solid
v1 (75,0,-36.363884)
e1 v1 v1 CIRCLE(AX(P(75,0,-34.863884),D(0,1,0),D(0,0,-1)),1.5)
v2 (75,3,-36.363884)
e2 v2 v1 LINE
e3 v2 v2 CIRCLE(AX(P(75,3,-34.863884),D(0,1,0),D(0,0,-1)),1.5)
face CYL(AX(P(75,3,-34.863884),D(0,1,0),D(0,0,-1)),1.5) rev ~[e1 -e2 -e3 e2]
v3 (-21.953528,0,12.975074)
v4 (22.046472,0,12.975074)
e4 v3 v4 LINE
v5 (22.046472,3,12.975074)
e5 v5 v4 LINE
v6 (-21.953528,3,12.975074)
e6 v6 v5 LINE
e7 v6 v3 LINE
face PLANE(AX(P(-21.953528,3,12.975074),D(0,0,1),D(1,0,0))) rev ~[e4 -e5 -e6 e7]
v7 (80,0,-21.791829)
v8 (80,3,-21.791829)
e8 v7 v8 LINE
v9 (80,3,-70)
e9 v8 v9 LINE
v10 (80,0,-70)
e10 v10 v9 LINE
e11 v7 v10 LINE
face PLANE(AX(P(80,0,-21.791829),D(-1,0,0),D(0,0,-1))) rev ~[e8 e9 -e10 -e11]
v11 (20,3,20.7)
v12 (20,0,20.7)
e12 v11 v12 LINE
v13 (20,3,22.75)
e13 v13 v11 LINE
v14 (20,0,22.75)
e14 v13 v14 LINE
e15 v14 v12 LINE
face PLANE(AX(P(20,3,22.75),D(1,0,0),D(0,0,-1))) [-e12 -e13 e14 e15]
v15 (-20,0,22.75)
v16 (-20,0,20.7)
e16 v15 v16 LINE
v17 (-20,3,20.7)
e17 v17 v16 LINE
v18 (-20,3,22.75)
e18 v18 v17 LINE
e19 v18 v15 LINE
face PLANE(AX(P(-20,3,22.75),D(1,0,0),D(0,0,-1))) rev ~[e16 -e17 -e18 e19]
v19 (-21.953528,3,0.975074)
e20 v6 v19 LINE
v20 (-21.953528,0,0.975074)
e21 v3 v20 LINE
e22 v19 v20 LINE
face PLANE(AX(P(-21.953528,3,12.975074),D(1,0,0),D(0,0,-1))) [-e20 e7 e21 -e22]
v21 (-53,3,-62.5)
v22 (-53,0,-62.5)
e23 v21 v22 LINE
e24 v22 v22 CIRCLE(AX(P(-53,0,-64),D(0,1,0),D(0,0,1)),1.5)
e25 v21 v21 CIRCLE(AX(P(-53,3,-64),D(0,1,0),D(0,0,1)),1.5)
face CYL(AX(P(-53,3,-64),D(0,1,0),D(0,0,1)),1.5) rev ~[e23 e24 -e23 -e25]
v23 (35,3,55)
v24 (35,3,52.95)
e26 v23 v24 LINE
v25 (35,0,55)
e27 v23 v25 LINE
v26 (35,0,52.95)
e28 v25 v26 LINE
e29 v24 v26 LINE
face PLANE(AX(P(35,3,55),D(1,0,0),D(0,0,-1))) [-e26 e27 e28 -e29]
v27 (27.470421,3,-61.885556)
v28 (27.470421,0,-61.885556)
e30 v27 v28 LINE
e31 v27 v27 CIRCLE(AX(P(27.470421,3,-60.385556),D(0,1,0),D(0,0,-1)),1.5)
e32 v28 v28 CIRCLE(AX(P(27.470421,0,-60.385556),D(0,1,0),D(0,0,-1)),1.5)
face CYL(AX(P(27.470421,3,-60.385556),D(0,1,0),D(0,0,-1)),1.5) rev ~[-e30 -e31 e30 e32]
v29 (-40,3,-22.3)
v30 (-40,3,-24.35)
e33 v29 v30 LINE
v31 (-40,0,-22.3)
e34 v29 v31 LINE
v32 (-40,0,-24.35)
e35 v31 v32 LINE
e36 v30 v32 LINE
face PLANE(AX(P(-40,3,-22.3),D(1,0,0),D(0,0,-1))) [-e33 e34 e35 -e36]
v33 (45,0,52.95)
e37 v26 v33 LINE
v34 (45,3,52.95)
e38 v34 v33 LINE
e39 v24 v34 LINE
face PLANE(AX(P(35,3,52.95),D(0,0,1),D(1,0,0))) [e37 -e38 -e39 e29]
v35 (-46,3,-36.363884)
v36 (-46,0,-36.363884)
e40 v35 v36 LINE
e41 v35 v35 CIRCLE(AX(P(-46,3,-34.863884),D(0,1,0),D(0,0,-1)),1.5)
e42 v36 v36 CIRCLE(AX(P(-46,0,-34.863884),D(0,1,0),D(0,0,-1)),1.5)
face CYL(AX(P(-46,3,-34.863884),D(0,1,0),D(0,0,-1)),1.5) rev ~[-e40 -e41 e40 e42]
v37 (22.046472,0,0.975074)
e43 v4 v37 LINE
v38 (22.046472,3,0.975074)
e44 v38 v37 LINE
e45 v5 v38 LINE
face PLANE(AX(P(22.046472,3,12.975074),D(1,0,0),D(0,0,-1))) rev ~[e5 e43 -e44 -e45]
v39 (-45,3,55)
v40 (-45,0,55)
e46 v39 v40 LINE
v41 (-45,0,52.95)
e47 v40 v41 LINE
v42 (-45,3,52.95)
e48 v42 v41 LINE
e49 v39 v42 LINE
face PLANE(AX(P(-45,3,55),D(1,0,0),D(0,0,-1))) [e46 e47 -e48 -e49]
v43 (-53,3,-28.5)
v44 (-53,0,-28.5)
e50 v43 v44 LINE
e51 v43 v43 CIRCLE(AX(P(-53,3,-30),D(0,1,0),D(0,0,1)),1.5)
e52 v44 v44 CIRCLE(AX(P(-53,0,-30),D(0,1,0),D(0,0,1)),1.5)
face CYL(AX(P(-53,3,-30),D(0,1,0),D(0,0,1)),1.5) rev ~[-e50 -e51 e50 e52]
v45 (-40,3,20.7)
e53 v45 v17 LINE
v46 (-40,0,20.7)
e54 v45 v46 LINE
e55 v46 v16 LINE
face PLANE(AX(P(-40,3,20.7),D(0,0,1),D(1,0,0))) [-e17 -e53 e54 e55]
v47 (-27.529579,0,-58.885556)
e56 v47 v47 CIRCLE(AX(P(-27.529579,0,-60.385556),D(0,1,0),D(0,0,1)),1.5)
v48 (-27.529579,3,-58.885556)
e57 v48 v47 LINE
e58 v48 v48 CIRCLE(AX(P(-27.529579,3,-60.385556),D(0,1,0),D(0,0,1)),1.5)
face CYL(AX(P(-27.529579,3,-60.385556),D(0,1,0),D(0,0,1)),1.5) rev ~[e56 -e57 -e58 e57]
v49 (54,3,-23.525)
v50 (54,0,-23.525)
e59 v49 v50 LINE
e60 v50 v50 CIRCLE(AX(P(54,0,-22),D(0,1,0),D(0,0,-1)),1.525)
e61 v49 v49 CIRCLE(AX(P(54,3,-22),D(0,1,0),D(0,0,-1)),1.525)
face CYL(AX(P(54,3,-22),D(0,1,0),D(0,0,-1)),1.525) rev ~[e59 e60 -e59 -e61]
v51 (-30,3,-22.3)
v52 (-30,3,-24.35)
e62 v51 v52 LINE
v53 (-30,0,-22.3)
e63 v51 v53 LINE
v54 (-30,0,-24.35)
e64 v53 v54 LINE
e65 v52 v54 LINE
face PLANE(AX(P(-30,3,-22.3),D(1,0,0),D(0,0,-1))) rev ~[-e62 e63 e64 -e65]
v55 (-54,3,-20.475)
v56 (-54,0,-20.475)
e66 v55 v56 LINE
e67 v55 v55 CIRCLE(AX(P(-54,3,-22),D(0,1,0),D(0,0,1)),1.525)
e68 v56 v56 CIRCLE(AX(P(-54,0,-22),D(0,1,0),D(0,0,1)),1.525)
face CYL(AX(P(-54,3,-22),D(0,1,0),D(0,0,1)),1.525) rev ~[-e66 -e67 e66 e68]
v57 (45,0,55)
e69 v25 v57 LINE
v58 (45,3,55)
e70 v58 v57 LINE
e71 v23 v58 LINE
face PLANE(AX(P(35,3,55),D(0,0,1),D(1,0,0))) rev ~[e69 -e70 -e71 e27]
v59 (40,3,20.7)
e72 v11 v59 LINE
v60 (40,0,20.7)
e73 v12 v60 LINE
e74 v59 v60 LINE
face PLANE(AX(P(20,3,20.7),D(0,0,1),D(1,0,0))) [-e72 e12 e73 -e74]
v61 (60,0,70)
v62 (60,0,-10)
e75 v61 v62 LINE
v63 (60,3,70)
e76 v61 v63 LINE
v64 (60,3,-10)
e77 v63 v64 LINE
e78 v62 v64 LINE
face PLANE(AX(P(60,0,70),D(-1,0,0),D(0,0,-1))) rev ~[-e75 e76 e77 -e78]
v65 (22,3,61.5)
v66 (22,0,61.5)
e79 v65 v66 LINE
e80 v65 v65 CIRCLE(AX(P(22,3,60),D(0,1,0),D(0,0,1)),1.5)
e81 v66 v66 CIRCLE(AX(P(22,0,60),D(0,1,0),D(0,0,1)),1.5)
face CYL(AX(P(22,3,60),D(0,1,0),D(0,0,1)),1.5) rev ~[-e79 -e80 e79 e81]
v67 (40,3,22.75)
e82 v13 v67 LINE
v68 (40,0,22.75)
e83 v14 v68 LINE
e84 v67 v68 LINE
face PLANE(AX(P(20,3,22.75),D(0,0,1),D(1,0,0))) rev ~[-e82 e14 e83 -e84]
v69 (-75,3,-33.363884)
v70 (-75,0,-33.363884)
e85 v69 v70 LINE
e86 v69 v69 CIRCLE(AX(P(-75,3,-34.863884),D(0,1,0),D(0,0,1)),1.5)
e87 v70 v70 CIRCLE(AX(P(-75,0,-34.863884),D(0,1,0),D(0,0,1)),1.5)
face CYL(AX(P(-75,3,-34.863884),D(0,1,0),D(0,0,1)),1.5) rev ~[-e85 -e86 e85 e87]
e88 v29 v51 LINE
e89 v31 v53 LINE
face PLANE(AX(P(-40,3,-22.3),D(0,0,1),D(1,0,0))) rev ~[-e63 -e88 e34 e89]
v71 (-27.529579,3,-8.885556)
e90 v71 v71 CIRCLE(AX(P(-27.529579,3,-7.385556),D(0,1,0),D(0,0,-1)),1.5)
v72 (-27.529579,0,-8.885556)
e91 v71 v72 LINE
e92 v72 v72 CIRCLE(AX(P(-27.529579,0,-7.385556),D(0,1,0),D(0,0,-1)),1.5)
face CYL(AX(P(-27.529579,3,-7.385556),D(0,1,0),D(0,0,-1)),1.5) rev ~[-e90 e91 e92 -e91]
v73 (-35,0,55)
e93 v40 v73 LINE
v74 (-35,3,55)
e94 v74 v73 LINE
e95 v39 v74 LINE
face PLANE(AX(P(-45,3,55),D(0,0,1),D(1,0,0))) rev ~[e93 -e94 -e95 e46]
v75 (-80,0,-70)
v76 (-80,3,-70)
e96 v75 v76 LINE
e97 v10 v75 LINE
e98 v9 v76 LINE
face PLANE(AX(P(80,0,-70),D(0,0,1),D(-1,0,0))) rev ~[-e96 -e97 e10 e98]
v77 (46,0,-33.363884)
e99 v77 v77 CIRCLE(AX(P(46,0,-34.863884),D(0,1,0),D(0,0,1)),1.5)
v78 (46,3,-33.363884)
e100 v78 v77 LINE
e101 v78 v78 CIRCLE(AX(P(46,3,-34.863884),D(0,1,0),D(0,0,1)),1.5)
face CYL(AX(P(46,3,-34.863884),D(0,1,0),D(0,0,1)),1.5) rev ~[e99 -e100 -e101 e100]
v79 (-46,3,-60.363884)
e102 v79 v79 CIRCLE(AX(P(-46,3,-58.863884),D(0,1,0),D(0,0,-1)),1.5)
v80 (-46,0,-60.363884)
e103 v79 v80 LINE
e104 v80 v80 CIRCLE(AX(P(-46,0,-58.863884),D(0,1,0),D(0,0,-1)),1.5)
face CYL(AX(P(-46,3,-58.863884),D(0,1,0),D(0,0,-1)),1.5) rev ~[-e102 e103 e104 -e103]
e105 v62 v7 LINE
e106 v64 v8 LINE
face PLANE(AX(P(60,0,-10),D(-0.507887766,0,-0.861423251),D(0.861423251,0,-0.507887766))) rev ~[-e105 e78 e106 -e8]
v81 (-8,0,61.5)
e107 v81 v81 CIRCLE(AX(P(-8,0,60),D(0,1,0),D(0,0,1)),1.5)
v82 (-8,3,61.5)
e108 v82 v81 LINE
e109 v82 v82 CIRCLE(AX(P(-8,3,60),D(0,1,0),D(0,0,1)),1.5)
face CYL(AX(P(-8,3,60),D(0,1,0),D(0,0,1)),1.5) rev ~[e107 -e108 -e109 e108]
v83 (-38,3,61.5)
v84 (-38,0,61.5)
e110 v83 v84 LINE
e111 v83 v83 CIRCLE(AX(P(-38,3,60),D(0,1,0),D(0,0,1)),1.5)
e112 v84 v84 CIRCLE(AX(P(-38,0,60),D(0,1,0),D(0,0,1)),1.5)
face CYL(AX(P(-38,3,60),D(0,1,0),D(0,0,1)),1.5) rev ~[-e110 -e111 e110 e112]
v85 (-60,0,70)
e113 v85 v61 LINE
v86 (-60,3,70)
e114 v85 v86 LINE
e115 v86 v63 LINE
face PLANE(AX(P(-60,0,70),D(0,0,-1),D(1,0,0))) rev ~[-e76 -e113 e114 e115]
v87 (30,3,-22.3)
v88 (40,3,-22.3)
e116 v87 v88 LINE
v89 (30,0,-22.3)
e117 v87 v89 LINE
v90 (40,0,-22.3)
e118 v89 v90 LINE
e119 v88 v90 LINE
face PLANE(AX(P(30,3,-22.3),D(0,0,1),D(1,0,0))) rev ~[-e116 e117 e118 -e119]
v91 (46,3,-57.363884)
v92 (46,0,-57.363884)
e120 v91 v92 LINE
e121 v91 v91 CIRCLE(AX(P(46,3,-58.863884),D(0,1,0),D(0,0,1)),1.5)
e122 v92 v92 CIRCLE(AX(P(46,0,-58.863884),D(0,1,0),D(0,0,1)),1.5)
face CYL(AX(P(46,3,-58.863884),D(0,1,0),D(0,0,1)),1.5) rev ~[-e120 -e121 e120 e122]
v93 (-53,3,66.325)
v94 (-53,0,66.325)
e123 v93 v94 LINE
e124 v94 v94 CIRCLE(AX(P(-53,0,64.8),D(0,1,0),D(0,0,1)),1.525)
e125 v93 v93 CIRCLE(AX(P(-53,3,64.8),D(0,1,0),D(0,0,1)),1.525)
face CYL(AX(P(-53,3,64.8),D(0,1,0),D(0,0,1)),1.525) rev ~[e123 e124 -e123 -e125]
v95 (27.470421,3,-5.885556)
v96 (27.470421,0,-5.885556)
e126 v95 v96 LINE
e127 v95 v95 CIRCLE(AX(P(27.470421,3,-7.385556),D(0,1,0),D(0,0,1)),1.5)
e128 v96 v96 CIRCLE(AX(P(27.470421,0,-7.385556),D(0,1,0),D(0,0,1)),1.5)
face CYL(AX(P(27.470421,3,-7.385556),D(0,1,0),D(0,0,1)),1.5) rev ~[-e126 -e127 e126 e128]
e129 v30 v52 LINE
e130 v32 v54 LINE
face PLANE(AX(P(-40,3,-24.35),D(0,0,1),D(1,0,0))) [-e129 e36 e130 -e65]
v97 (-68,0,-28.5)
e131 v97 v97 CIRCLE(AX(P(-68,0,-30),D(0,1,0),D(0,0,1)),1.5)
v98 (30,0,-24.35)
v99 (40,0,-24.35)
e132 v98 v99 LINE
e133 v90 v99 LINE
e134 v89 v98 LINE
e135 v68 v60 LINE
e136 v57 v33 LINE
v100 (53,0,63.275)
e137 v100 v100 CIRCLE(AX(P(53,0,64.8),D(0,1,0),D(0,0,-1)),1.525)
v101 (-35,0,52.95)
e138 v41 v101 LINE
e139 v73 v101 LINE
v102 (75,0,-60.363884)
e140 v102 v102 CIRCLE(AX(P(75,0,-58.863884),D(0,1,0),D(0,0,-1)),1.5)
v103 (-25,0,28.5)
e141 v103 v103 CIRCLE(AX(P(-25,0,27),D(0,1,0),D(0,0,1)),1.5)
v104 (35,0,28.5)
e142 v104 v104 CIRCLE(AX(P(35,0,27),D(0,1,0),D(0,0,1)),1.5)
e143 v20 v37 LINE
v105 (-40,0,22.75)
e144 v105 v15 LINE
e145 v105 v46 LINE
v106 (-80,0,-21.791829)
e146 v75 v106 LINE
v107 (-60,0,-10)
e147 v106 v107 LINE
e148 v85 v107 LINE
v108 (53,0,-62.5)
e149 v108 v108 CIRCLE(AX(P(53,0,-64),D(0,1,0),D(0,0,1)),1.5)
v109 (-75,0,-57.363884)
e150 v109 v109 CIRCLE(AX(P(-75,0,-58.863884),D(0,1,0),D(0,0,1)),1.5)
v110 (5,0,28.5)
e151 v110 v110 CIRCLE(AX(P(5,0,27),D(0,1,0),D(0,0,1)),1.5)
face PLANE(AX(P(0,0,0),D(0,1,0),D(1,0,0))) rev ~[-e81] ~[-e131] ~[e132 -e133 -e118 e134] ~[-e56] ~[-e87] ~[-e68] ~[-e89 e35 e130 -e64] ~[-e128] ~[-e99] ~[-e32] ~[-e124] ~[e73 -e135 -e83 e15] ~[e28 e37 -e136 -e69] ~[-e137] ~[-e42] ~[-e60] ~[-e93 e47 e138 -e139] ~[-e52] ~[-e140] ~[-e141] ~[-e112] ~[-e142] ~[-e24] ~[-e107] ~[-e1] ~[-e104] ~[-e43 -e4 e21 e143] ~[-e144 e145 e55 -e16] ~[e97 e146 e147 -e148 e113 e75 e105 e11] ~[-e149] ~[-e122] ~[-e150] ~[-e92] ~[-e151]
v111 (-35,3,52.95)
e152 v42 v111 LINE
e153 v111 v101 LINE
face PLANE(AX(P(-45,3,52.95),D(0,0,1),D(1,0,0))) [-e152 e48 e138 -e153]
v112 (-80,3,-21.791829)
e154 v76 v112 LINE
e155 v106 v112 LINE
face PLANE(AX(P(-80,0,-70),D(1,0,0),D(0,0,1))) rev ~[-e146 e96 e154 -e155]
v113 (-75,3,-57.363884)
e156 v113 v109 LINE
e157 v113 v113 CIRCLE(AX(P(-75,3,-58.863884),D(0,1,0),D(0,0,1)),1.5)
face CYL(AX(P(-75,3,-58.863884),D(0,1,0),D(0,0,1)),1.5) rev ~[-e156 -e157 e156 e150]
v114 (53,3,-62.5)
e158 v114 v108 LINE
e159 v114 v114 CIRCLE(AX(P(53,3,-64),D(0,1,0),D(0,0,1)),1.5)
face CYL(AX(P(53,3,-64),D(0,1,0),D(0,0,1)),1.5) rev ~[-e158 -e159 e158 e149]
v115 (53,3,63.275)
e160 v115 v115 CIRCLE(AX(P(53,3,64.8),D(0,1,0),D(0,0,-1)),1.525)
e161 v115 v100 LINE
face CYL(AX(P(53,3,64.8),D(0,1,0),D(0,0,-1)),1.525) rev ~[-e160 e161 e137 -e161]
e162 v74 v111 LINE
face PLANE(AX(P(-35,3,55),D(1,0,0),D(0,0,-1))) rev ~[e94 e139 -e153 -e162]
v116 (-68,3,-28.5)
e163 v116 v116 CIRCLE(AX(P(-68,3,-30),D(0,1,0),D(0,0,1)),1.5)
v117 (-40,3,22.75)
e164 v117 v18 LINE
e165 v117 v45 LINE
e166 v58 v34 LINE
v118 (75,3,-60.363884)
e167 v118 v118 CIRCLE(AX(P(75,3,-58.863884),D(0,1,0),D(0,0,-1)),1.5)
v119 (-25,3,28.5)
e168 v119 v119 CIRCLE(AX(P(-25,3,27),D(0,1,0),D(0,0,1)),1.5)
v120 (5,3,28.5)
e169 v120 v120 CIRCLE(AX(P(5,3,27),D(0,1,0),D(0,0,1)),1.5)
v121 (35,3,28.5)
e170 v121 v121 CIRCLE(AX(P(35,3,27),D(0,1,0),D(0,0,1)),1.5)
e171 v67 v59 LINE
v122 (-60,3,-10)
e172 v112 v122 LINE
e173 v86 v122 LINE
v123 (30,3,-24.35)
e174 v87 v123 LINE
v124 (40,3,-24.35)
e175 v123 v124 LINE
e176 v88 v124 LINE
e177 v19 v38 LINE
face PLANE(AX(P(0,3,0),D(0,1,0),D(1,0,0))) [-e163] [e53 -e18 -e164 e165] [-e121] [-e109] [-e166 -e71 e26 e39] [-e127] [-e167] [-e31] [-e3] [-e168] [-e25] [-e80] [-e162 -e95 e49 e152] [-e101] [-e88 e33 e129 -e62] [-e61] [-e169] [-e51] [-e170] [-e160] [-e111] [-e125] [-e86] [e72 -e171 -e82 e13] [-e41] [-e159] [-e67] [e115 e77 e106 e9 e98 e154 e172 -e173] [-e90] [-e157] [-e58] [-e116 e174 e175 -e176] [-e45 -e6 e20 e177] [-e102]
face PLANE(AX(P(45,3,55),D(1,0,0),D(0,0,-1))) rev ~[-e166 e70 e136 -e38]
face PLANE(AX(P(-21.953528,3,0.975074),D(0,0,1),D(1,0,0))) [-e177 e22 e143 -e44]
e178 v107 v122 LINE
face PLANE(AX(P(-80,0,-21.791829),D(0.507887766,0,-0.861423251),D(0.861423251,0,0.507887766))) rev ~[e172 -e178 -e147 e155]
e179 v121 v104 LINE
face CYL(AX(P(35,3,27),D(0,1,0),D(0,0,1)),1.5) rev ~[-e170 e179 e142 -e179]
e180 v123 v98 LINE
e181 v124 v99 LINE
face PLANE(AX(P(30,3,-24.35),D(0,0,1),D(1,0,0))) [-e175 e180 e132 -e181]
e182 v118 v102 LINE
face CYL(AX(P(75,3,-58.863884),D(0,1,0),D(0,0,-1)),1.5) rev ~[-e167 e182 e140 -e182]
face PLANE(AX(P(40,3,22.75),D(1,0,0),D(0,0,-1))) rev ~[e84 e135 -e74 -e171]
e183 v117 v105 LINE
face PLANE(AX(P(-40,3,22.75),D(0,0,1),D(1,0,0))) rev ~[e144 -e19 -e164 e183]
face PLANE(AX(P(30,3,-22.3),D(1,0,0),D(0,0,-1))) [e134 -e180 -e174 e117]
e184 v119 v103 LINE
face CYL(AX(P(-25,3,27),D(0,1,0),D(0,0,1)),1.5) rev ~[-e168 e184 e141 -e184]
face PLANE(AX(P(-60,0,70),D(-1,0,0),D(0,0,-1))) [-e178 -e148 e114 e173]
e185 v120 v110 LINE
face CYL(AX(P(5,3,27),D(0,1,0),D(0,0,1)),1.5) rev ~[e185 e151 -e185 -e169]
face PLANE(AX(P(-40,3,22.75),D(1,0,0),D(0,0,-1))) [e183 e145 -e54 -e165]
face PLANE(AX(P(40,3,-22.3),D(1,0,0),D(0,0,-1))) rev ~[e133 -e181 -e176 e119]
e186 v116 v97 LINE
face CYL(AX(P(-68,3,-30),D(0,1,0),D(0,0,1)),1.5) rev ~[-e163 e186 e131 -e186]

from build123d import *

# Parameters (mm, degrees)
SKETCH1_W           = 120
SKETCH1_H           = 140
BOSS_EXTRUDE1_DEPTH = 3
SKETCH2_R           = 1.5
CUT_EXTRUDE1_DEPTH  = 107.343782141
SKETCH3_2_R         = 1.5
CUT_EXTRUDE3_DEPTH  = 107.343782141
SKETCH3_R           = 1.5
CUT_EXTRUDE2_DEPTH  = 107.343782141
SKETCH4_R           = 1.5
CUT_EXTRUDE4_DEPTH  = 107.343782141
SKETCH5_R           = 1.5
CUT_EXTRUDE5_DEPTH  = 3
SKETCH6_R           = 1.525
SKETCH6_W           = 10
SKETCH6_H           = 2.05
SKETCH6_W_2         = 20
CUT_EXTRUDE7_DEPTH  = 107.343782141
SKETCH9_R           = 1.525
CUT_EXTRUDE8_DEPTH  = 3
SKETCH10_W          = 44
SKETCH10_H          = 12
CUT_EXTRUDE9_DEPTH  = 5
SKETCH11_R          = 1.5
CUT_EXTRUDE10_DEPTH = 5


with BuildPart() as part:
    # Sketch1 → Boss-Extrude1 (new body)
    with BuildSketch(Plane(origin=(0, 0, 0), x_dir=(1, 0, 0), z_dir=(0, 1, 0))):
        Rectangle(SKETCH1_W, SKETCH1_H)
        Polygon((-80, 21.791828604), (-60, 10), (-60, 70), (-80, 70), align=None)
        Polygon((80, 70), (60, 70), (60, 10), (80, 21.791828604), align=None)
    extrude(amount=BOSS_EXTRUDE1_DEPTH)

    # Sketch2 → Cut-Extrude1 (cut, through all)
    with BuildSketch(Plane(origin=(0, 3, 0), x_dir=(1, 0, 0), z_dir=(0, 1, 0))):
        with Locations(Location((-38, -60, 0), (0, 0, 270))):
            Circle(SKETCH2_R)
        with Locations(Location((-25, -27, 0), (0, 0, 270))):
            Circle(SKETCH2_R)
        with Locations(Location((5, -27, 0), (0, 0, 270))):
            Circle(SKETCH2_R)
        with Locations(Location((-8, -60, 0), (0, 0, 270))):
            Circle(SKETCH2_R)
        with Locations(Location((35, -27, 0), (0, 0, 270))):
            Circle(SKETCH2_R)
        with Locations(Location((22, -60, 0), (0, 0, 270))):
            Circle(SKETCH2_R)
    extrude(amount=-CUT_EXTRUDE1_DEPTH, mode=Mode.SUBTRACT)

    # Sketch3<2> → Cut-Extrude3 (cut, through all)
    with BuildSketch(Plane(origin=(0, 3, 0), x_dir=(1, 0, 0), z_dir=(0, 1, 0))):
        with Locations(Location((-27.529579069, 60.385555627, 0), (0, 0, 270))):
            Circle(SKETCH3_2_R)
        with Locations(Location((-27.529579069, 7.385555627, 0), (0, 0, 90))):
            Circle(SKETCH3_2_R)
        with Locations(Location((27.470420931, 7.385555627, 0), (0, 0, 270))):
            Circle(SKETCH3_2_R)
        with Locations(Location((27.470420931, 60.385555627, 0), (0, 0, 90))):
            Circle(SKETCH3_2_R)
    extrude(amount=-CUT_EXTRUDE3_DEPTH, mode=Mode.SUBTRACT)

    # Sketch3 → Cut-Extrude2 (cut, through all)
    with BuildSketch(Plane(origin=(0, 3, 0), x_dir=(1, 0, 0), z_dir=(0, 1, 0))):
        with Locations(Location((-27.529579069, 60.385555627, 0), (0, 0, 270))):
            Circle(SKETCH3_R)
        with Locations(Location((-27.529579069, 7.385555627, 0), (0, 0, 90))):
            Circle(SKETCH3_R)
        with Locations(Location((27.470420931, 7.385555627, 0), (0, 0, 270))):
            Circle(SKETCH3_R)
        with Locations(Location((27.470420931, 60.385555627, 0), (0, 0, 90))):
            Circle(SKETCH3_R)
    extrude(amount=-CUT_EXTRUDE2_DEPTH, mode=Mode.SUBTRACT)

    # Sketch4 → Cut-Extrude4 (cut, through all)
    with BuildSketch(Plane(origin=(0, 3, 0), x_dir=(1, 0, 0), z_dir=(0, 1, 0))):
        with Locations(Location((-75, 34.863883517, 0), (0, 0, 270))):
            Circle(SKETCH4_R)
        with Locations(Location((-75, 58.863883517, 0), (0, 0, 270))):
            Circle(SKETCH4_R)
        with Locations(Location((-46, 34.863883517, 0), (0, 0, 90))):
            Circle(SKETCH4_R)
        with Locations(Location((-46, 58.863883517, 0), (0, 0, 90))):
            Circle(SKETCH4_R)
        with Locations(Location((46, 58.863883517, 0), (0, 0, 270))):
            Circle(SKETCH4_R)
        with Locations(Location((46, 34.863883517, 0), (0, 0, 270))):
            Circle(SKETCH4_R)
        with Locations(Location((75, 34.863883517, 0), (0, 0, 90))):
            Circle(SKETCH4_R)
        with Locations(Location((75, 58.863883517, 0), (0, 0, 90))):
            Circle(SKETCH4_R)
    extrude(amount=-CUT_EXTRUDE4_DEPTH, mode=Mode.SUBTRACT)

    # Sketch5 → Cut-Extrude5 (cut)
    with BuildSketch(Plane(origin=(0, 3, 0), x_dir=(1, 0, 0), z_dir=(0, 1, 0))):
        with Locations(Location((-68, 30, 0), (0, 0, 270))):
            Circle(SKETCH5_R)
        with Locations(Location((-53, 30, 0), (0, 0, 270))):
            Circle(SKETCH5_R)
    extrude(amount=-CUT_EXTRUDE5_DEPTH, mode=Mode.SUBTRACT)

    # Sketch6 → Cut-Extrude7 (cut, through all)
    with BuildSketch(Plane(origin=(0, 3, 0), x_dir=(1, 0, 0), z_dir=(0, 1, 0))):
        with Locations(Location((-53, -64.8, 0), (0, 0, 270))):
            Circle(SKETCH6_R)
        with Locations(Location((53, -64.8, 0), (0, 0, 90))):
            Circle(SKETCH6_R)
        with Locations((-40, -53.975)):
            Rectangle(SKETCH6_W, SKETCH6_H)
        with Locations((40, -53.975)):
            Rectangle(SKETCH6_W, SKETCH6_H)
        with Locations((30, -21.725)):
            Rectangle(SKETCH6_W_2, SKETCH6_H)
        with Locations((-30, -21.725)):
            Rectangle(SKETCH6_W_2, SKETCH6_H)
        with Locations((35, 23.325)):
            Rectangle(SKETCH6_W, SKETCH6_H)
        with Locations((-35, 23.325)):
            Rectangle(SKETCH6_W, SKETCH6_H)
    extrude(amount=-CUT_EXTRUDE7_DEPTH, mode=Mode.SUBTRACT)

    # Sketch9 → Cut-Extrude8 (cut)
    with BuildSketch(Plane(origin=(0, 3, 0), x_dir=(1, 0, 0), z_dir=(0, 1, 0))):
        with Locations(Location((-54, 22, 0), (0, 0, 270))):
            Circle(SKETCH9_R)
        with Locations(Location((54, 22, 0), (0, 0, 90))):
            Circle(SKETCH9_R)
    extrude(amount=-CUT_EXTRUDE8_DEPTH, mode=Mode.SUBTRACT)

    # Sketch10 → Cut-Extrude9 (cut)
    with BuildSketch(Plane(origin=(0, 3, 0), x_dir=(1, 0, 0), z_dir=(0, 1, 0))):
        with Locations((0.046472237, -6.975074484)):
            Rectangle(SKETCH10_W, SKETCH10_H)
    extrude(amount=-CUT_EXTRUDE9_DEPTH, mode=Mode.SUBTRACT)

    # Sketch11 → Cut-Extrude10 (cut)
    with BuildSketch(Plane(origin=(0, 3, 0), x_dir=(1, 0, 0), z_dir=(0, 1, 0))):
        with Locations(Location((-53, 64, 0), (0, 0, 270))):
            Circle(SKETCH11_R)
        with Locations(Location((53, 64, 0), (0, 0, 270))):
            Circle(SKETCH11_R)
    extrude(amount=-CUT_EXTRUDE10_DEPTH, mode=Mode.SUBTRACT)


solid = part.part
